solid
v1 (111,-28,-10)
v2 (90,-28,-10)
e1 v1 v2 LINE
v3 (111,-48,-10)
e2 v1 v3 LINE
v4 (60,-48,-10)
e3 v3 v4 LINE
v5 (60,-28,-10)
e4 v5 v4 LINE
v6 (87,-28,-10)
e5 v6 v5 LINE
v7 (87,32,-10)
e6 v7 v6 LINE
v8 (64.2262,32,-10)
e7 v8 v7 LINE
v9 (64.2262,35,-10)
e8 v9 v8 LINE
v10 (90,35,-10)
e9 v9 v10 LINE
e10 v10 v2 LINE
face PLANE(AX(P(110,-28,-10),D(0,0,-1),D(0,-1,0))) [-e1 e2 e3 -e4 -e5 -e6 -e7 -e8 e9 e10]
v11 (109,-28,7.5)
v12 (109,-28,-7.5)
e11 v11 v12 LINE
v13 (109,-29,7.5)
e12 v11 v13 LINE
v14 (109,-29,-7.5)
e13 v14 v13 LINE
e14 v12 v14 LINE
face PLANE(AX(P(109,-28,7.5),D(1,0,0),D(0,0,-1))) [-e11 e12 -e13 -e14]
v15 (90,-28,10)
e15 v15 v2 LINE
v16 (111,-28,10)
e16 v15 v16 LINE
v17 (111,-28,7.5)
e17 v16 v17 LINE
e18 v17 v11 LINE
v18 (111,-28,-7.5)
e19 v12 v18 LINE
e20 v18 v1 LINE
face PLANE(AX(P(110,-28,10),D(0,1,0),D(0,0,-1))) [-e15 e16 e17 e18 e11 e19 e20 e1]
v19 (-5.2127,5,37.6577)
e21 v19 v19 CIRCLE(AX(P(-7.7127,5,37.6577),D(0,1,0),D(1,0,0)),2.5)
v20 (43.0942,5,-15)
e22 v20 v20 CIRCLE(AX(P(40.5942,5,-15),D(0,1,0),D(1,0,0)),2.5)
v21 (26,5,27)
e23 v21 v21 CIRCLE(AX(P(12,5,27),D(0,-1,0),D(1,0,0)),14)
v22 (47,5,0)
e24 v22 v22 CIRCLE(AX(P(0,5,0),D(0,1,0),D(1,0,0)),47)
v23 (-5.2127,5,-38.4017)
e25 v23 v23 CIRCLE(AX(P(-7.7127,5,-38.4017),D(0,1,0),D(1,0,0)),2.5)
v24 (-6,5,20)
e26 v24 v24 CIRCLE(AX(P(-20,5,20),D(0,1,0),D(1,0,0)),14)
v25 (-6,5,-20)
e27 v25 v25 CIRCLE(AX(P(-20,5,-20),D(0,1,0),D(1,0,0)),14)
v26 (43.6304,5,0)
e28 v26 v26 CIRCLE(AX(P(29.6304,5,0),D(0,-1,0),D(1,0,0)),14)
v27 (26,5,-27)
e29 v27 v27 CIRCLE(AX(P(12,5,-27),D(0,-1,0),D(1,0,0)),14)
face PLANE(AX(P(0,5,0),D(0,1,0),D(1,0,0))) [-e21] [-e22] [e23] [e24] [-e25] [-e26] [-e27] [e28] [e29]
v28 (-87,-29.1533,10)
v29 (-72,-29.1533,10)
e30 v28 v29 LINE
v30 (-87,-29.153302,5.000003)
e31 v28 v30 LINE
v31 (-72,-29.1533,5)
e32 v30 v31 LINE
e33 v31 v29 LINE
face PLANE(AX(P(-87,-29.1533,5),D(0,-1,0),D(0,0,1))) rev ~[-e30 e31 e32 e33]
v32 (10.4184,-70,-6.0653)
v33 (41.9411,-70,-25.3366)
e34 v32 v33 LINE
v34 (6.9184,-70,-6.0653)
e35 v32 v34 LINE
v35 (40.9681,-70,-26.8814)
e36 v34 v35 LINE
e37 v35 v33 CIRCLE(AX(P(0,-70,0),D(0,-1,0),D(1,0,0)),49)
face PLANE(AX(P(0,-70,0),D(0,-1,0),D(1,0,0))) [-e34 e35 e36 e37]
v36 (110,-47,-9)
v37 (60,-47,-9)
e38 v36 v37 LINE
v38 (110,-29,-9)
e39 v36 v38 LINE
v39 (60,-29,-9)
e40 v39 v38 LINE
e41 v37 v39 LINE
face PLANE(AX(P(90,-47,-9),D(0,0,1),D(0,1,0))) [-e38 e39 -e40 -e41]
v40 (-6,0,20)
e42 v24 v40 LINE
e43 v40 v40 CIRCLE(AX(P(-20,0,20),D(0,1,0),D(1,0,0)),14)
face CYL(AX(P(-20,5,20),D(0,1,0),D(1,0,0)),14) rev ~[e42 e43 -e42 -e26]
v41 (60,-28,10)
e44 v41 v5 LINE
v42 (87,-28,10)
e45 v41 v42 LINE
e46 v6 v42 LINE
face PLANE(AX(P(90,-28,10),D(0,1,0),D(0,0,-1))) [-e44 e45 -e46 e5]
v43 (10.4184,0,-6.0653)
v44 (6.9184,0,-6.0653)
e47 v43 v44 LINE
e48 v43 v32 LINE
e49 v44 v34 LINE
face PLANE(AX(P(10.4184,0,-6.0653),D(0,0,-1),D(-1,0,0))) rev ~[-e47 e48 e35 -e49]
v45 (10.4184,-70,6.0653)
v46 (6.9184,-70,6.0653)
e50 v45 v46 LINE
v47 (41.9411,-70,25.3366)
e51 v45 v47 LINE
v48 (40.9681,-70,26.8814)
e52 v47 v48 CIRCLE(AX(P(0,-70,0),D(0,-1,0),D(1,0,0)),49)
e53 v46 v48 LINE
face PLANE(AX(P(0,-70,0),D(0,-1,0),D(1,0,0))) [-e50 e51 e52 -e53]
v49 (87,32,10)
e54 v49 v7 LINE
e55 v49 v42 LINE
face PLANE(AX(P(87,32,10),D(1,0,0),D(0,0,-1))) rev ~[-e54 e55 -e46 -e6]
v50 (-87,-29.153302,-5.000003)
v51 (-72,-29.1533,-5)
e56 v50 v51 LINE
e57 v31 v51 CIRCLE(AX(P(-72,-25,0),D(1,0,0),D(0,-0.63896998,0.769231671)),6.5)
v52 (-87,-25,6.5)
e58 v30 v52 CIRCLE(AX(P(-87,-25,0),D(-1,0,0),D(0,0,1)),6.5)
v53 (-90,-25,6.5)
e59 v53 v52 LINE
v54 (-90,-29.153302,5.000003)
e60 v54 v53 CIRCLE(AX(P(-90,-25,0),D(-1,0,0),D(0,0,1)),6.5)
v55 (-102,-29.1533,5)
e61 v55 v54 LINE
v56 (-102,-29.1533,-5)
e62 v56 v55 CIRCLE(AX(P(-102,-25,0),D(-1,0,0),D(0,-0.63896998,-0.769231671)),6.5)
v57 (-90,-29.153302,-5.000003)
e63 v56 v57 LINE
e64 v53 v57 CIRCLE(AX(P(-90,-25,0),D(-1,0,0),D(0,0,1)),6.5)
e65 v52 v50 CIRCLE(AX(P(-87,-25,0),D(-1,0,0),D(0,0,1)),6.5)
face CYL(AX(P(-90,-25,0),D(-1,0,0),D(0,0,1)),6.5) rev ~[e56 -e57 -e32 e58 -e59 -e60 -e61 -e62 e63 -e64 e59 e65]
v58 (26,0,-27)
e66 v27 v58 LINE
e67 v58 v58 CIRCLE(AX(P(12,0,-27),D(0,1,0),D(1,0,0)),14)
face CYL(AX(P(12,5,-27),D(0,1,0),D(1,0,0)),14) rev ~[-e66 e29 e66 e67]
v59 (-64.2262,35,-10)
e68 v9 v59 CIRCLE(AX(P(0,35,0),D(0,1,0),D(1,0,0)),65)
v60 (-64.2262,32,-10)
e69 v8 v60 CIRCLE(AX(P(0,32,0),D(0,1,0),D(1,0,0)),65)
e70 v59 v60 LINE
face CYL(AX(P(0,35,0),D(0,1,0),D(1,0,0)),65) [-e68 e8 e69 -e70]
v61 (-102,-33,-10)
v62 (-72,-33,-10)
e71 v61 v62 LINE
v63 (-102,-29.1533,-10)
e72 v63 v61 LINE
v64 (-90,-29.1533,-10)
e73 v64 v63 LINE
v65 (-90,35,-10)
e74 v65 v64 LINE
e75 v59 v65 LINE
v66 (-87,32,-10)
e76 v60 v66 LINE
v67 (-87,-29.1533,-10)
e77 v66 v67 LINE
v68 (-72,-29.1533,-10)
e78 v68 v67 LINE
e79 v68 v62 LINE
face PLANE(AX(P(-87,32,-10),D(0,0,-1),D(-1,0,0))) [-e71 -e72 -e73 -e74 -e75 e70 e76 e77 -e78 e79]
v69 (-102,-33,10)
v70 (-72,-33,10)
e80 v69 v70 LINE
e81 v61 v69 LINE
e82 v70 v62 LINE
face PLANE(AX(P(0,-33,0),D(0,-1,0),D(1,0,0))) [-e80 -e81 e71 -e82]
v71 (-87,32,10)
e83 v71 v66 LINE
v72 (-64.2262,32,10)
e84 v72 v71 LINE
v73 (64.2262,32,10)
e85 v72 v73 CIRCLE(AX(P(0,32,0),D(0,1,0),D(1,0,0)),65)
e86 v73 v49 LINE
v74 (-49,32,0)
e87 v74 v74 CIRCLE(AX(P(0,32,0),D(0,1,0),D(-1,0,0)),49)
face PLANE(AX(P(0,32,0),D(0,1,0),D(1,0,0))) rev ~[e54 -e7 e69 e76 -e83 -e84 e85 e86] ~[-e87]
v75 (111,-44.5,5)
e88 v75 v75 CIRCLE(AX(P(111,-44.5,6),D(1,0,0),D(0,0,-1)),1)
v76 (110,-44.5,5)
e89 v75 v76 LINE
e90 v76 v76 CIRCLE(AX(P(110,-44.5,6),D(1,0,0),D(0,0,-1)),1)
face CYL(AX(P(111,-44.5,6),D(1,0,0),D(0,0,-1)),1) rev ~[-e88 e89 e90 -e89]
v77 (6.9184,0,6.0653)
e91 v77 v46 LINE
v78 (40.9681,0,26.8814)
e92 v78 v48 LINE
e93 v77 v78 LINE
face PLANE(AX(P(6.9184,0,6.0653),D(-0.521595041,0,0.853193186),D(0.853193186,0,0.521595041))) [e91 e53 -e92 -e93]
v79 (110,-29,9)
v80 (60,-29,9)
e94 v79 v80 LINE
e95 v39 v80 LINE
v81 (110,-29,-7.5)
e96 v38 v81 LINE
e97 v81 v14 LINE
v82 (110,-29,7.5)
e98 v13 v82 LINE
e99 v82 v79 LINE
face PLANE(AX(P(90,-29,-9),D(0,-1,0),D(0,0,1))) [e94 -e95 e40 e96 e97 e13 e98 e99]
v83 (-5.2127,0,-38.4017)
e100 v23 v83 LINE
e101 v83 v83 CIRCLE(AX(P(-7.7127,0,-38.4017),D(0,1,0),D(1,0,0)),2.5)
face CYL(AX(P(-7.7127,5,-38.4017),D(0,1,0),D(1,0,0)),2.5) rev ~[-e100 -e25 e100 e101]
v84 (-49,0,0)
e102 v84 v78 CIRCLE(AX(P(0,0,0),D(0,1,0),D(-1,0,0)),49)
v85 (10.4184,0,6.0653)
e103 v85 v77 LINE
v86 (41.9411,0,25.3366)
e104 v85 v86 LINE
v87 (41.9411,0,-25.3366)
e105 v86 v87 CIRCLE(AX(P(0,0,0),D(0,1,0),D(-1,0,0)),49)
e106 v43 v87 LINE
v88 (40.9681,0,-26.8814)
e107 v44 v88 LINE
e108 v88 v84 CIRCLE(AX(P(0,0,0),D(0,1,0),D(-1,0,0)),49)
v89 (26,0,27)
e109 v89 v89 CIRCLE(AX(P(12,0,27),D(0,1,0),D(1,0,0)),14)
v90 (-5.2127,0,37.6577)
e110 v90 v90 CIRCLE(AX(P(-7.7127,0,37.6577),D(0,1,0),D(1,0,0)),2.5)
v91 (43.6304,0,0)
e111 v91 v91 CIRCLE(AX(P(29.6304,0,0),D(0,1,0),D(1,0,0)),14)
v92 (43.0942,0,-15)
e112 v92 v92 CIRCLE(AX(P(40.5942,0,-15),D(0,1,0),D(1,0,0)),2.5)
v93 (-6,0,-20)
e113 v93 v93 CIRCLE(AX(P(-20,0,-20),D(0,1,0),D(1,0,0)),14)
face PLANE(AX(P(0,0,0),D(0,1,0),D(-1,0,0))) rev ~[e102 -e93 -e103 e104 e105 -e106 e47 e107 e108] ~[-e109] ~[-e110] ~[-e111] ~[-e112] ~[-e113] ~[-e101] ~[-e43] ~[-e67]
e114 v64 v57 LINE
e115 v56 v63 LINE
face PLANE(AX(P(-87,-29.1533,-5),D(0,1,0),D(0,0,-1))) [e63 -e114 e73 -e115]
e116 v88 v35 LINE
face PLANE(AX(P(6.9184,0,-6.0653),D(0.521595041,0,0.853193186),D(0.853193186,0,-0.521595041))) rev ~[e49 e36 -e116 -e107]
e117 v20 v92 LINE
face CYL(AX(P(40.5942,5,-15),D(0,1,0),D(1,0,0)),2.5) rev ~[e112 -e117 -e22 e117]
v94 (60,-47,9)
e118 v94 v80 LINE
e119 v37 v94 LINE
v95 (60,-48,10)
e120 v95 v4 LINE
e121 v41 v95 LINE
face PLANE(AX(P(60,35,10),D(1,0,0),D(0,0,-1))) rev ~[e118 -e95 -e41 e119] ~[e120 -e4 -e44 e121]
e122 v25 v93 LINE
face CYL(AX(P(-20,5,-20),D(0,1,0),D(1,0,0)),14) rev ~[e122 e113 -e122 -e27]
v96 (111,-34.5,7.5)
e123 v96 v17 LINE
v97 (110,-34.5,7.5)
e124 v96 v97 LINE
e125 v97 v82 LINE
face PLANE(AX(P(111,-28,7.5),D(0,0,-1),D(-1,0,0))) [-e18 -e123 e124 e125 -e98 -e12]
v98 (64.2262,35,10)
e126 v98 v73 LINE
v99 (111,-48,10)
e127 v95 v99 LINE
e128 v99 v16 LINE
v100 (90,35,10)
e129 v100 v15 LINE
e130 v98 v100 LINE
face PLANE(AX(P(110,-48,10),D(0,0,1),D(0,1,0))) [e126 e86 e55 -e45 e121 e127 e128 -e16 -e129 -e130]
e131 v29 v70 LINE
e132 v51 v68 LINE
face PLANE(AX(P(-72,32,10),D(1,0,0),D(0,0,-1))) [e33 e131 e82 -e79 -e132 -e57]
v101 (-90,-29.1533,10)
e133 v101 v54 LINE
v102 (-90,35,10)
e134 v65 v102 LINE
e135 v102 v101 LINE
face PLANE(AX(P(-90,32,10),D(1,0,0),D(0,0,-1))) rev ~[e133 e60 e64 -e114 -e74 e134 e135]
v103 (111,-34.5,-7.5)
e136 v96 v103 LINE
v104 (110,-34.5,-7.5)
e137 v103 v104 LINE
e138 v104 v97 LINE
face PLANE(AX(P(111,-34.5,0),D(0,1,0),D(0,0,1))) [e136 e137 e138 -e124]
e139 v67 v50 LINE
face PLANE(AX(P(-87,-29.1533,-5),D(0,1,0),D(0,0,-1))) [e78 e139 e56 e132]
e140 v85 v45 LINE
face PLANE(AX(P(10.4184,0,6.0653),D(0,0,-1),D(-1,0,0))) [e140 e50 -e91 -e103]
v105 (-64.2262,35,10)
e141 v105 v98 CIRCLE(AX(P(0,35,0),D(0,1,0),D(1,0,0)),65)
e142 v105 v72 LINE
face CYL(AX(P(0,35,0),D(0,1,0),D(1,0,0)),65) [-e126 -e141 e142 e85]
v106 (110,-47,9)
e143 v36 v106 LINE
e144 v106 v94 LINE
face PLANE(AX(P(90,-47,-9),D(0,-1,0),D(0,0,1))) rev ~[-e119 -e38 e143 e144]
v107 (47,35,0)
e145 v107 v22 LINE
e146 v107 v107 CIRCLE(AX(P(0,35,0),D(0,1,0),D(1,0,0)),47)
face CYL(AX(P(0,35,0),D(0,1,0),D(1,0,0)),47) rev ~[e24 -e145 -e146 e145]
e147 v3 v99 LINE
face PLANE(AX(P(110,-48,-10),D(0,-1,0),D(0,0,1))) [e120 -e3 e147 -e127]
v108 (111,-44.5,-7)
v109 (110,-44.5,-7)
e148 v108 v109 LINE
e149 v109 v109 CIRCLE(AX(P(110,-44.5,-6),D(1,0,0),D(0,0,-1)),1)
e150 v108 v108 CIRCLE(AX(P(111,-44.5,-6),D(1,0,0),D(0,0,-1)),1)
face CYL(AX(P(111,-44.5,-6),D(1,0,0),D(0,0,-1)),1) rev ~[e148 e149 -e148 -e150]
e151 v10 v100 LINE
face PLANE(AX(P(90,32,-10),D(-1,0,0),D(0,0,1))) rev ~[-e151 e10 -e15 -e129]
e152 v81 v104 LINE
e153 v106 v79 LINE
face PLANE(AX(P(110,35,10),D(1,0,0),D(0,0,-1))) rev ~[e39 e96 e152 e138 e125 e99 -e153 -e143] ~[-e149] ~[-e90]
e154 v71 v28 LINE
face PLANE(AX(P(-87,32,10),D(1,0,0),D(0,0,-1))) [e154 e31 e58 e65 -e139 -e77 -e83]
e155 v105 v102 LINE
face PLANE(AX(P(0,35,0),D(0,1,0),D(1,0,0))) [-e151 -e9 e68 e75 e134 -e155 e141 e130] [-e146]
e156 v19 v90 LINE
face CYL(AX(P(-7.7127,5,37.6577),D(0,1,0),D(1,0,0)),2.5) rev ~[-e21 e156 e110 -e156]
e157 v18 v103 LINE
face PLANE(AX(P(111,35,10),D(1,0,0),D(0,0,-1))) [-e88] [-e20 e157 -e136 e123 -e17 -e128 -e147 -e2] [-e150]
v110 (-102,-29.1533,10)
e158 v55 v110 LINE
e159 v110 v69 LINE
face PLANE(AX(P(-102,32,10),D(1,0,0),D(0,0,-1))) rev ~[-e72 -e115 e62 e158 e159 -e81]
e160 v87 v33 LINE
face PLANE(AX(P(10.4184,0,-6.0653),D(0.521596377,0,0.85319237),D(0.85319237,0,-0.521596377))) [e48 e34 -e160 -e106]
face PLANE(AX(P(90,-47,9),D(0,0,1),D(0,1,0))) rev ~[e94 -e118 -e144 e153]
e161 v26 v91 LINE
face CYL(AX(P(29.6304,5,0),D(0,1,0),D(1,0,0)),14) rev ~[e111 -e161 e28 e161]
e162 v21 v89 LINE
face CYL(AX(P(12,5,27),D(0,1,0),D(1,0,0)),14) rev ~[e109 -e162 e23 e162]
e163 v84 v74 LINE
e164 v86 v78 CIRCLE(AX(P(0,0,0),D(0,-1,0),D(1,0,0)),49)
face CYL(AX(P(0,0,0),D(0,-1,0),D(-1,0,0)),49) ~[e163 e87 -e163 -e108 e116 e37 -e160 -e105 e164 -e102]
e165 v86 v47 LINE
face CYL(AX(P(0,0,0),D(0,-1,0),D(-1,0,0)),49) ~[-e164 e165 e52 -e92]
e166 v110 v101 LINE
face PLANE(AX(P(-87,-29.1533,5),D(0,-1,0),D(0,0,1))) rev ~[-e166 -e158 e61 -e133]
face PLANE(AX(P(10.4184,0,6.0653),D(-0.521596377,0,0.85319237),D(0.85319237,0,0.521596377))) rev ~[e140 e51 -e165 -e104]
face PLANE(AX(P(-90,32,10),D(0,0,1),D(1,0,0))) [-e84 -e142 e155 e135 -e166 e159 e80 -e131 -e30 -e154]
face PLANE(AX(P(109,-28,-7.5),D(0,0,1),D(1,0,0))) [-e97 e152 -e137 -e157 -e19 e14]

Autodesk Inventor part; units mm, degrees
sketch "Sketch1" plane through (0, 0, 0) normal (0, 1, 0) x (-1, 0, 0)
  circle A0 centre (0, 0) radius 49
  dimension "d1" = 98
extrude "Extrusion1" add sketch "Sketch1" along normal blind 35
sketch "Sketch4" plane through (0, 35, 0) normal (0, 1, 0) x (1, 0, 0)
  circle A0 centre (0, 0) radius 47
  dimension "d8" = 94
extrude "Extrusion3" cut sketch "Sketch4" against normal blind 30
sketch "Sketch6" plane through (0, 35, 0) normal (0, 1, 0) x (1, 0, 0)
  circle A0 centre (0, 0) radius 49
  circle A1 centre (0, 0) radius 65
  dimension "d13" = 98
  dimension "d14" = 130
extrude "Extrusion4" add sketch "Sketch6" against normal blind 3
sketch "Sketch7" plane through (0, 5, 0) normal (0, 1, 0) x (1, 0, 0)
  line L0 (0, 68.6) -> (0, -68.6) projected
  line L1 (68.6, 0) -> (-68.6, 0) projected
  circle A0 centre (29.6304, 0) radius 14
  circle A1 centre (29.6304, 0) radius 15
  circle A2 centre (-20, -20) radius 14
  circle A3 centre (-20, -20) radius 15
  circle A4 centre (12, -27) radius 14
  circle A5 centre (12, -27) radius 15
  circle A6 centre (-20, 20) radius 14
  circle A7 centre (-20, 20) radius 15
  circle A8 centre (12, 27) radius 14
  circle A9 centre (12, 27) radius 15
  circle A10 centre (-7.7127, -37.6577) radius 2.5
  circle A11 centre (40.5942, 15) radius 2.5
  circle A12 centre (-7.7127, 38.4017) radius 2.5
  point P0 (0, 0)
  point P1 (0, -19.7889)
  point P2 (0, -34.2111)
  point P3 (0, 34.2111)
  point P4 (0, 19.7889)
  dimension "d92" = 28
  dimension "d93" = 30
  dimension "d94" = 28
  dimension "d95" = 30
  dimension "d96" = 28
  dimension "d97" = 30
  dimension "d98" = 28
  dimension "d99" = 30
  dimension "d100" = 28
  dimension "d101" = 30
  dimension "d102" = 20
  dimension "d103" = 20
  dimension "d104" = 20
  dimension "d105" = 20
  dimension "d106" = 12
  dimension "d107" = 27
  dimension "d108" = 12
  dimension "d109" = 27
  dimension "d110" = 5
  dimension "d111" = 5
  dimension "d112" = 5
extrude "Extrusion5" cut sketch "Sketch7" against normal through all contours A8 L0 | L0 A8 | A4 L0 | L0 A4 | A0 L1 | L1 A0 | A2 | A6 | A10 | A11 | A12
sketch "Sketch9" plane through (0, 35, 0) normal (0, 1, 0) x (1, 0, 0)
  circle A0 centre (0, 0) radius 65 projected
  arc A1 (64.2262, -10) -> (64.2262, 10) centre (0, 0) ccw
  line L0 (64.2262, 10) -> (90, 10)
  line L1 (64.2262, -10) -> (90, -10)
  line L2 (90, -10) -> (90, 10)
  line L3 (121, 0) -> (-96, 0) projected
  point P0 (77.1131, 10)
  dimension "d41" = 10
  dimension "d42" = 20
  dimension "d43" = 90
extrude "Extrusion6" add sketch "Sketch9" against normal blind 3 contours L3 L2 L1 A0 | A0 L0 L2 L3
mirror "Mirror1" about plane through (0, 0, 0) normal (1, 0, 0) of "Extrusion6"
sketch "Sketch10" plane through (0, 32, 0) normal (0, -1, 0) x (1, 0, 0)
  line L0 (-90, 10) -> (-90, -10) projected
  line L1 (-90, 10) -> (-87, 10)
  line L2 (-87, 10) -> (-87, -10)
  line L3 (-87, -10) -> (-90, -10)
  line L4 (-90, -10) -> (-90, 10)
  point P0 (0, 0)
  dimension "d44" = 3
extrude "Extrusion7" add sketch "Sketch10" along normal blind 65
sketch "Sketch12" plane through (-90, 35, -10) normal (-1, 0, 0) x (0, 0, 1)
  circle A0 centre (10, -60) radius 6.5
  line L0 (20, -68) -> (0, -68) projected
  point P0 (10, -35)
  dimension "d49" = 13
  dimension "d50" = 8
extrude "Extrusion9" cut sketch "Sketch12" against normal blind 3
sketch "Sketch13" plane through (-87, 32, 10) normal (1, 0, 0) x (0, 0, -1)
  circle A0 centre (10, -57) radius 6.5 projected
  arc A1 (5, -61.1533) -> (15, -61.1533) centre (10, -57) ccw
  line L0 (10, -78.6) -> (10, 16.6) projected
  line L1 (5, -61.1533) -> (0, -61.1533)
  line L2 (0, 0) -> (0, -65) projected
  line L3 (20, 0) -> (20, -65) projected
  line L4 (0, -65) -> (20, -65)
  line L5 (20, -65) -> (20, -61.1533)
  line L6 (15, -61.1533) -> (20, -61.1533)
  point P0 (10, -32)
  dimension "d53" = 5
  dimension "d54" = 5
extrude "Extrusion10" add sketch "Sketch13" along normal blind 15 and the other way blind 15 contours L6 L3 L4 L0 A0 | L0 L4 L2 L1 A0
sketch "Sketch18" plane through (0, 0, 0) normal (0, -1, 0) x (1, 0, 0)
  circle A0 centre (0, 0) radius 49 projected
  circle A1 centre (-20, 20) radius 14 projected
  circle A2 centre (-20, -20) radius 14 projected
  line L0 (10.4184, -6.0653) -> (41.9411, -25.3366)
  line L1 (10.4184, -6.0653) -> (6.9184, -6.0653)
  line L2 (6.9184, -6.0653) -> (40.9681, -26.8814)
  arc A3 (40.8578, 27.0489) -> (39.6703, 28.7622) centre (0, 0) ccw
  arc A4 (40.9681, -26.8814) -> (41.9411, -25.3366) centre (0, 0) ccw
  line L3 (0, 0) -> (49, 0)
  line L4 (10.4184, 6.0653) -> (41.9411, 25.3366)
  line L5 (10.4184, 6.0653) -> (6.9184, 6.0653)
  line L6 (6.9184, 6.0653) -> (40.9681, 26.8814)
  arc A5 (41.9411, 25.3366) -> (40.9681, 26.8814) centre (0, 0) ccw
  dimension "d115" = 3.5
extrude "Extrusion15" add sketch "Sketch18" along normal blind 70 contours L4 L5 L6 A0 | A0 L2 L1 L0
sketch "Sketch19" plane through (0, 32, 0) normal (0, -1, 0) x (1, 0, 0)
  line L0 (90, -10) -> (64.2262, -10) projected
  line L1 (90, 10) -> (87, 10)
  line L2 (87, 10) -> (87, -10)
  line L3 (87, -10) -> (90, -10)
  line L4 (90, -10) -> (90, 10)
  point P0 (0, 0)
  dimension "d118" = 3
extrude "Extrusion16" add sketch "Sketch19" along normal blind 80
sketch "Sketch20" plane through (90, 35, 10) normal (1, 0, 0) x (0, 0, -1)
  line L0 (0, -3) -> (0, -64.1533) projected
  line L1 (20, 0) -> (20, -83) projected
  line L2 (0, -63) -> (20, -63)
  line L3 (20, -63) -> (20, -83)
  line L4 (20, -83) -> (0, -83)
  line L5 (0, -83) -> (0, -63)
  line L6 (1, -64) -> (19, -64)
  line L7 (19, -64) -> (19, -82)
  line L8 (19, -82) -> (1, -82)
  line L9 (1, -82) -> (1, -64)
  point P0 (10, -35)
  dimension "d121" = 20
  dimension "d122" = 18
  dimension "d123" = 18
  dimension "d124" = 19
  dimension "d125" = 1
extrude "Extrusion17" cut sketch "Sketch20" against normal blind 3 contours L6 L7 L8 L9
sketch "Sketch21" plane through (90, 35, 10) normal (1, 0, 0) x (0, 0, -1)
  line L0 (19, -64) -> (1, -64) projected
  line L1 (19, -82) -> (19, -64) projected
  line L2 (1, -64) -> (19, -64)
  line L3 (19, -64) -> (19, -82)
  line L4 (19, -82) -> (1, -82)
  line L5 (1, -82) -> (1, -64)
  line L6 (0, -3) -> (0, -83) projected
  line L7 (0, -83) -> (20, -83) projected
  line L8 (0, -63) -> (20, -63)
  line L9 (20, -63) -> (20, -83)
  line L10 (20, -83) -> (0, -83)
  line L11 (0, -83) -> (0, -63)
  point P0 (10, -35)
  dimension "d128" = 20
extrude "Extrusion18" add sketch "Sketch21" along normal blind 20 and the other way blind 30
sketch "Sketch22" plane through (110, 35, 10) normal (1, 0, 0) x (0, 0, -1)
  line L0 (0, -63) -> (20, -63) projected
  line L1 (20, -63) -> (20, -83) projected
  line L2 (0, -63) -> (20, -63)
  line L3 (20, -63) -> (20, -83)
  line L4 (20, -83) -> (0, -83)
  line L5 (0, -83) -> (0, -63)
  point P0 (10, -35)
extrude "Extrusion19" add sketch "Sketch22" along normal blind 1
sketch "Sketch23" plane through (111, 35, 10) normal (1, 0, 0) x (0, 0, -1)
  line L0 (2.5, -65.5) -> (17.5, -65.5)
  line L1 (17.5, -65.5) -> (17.5, -69.5)
  line L2 (17.5, -69.5) -> (2.5, -69.5)
  line L3 (2.5, -69.5) -> (2.5, -65.5)
  line L4 (10, -126) -> (10, 21) projected
  line L5 (0, -83) -> (20, -83) projected
  circle A0 centre (16, -79.5) radius 1
  line L6 (20, -83) -> (20, -63) projected
  circle A1 centre (4, -79.5) radius 1
  line L7 (0, -63) -> (0, -83) projected
  point P0 (10, -35)
  point P1 (17.5, -67.5)
  dimension "d135" = 15
  dimension "d136" = 7.5
  dimension "d137" = 4
  dimension "d138" = 17.5
  dimension "d139" = 10
  dimension "d140" = 2
  dimension "d141" = 4
  dimension "d142" = 2
  dimension "d143" = 10
  dimension "d144" = 4
extrude "Extrusion20" cut sketch "Sketch23" against normal blind 1
sketch "Sketch24" plane through (90, -28, 10) normal (0, 1, 0) x (1, 0, 0)
  line L0 (21, 20) -> (21, 0) projected
  line L1 (19, 17.5) -> (21, 17.5)
  line L2 (21, 17.5) -> (21, 2.5)
  line L3 (21, 2.5) -> (19, 2.5)
  line L4 (19, 2.5) -> (19, 17.5)
  line L5 (0, 0) -> (21, 0) projected
  point P0 (-90, 10)
  dimension "d147" = 15
  dimension "d148" = 2.5
  dimension "d149" = 2
extrude "Extrusion21" cut sketch "Sketch24" against normal blind 4
properties part number "VialHolder"
